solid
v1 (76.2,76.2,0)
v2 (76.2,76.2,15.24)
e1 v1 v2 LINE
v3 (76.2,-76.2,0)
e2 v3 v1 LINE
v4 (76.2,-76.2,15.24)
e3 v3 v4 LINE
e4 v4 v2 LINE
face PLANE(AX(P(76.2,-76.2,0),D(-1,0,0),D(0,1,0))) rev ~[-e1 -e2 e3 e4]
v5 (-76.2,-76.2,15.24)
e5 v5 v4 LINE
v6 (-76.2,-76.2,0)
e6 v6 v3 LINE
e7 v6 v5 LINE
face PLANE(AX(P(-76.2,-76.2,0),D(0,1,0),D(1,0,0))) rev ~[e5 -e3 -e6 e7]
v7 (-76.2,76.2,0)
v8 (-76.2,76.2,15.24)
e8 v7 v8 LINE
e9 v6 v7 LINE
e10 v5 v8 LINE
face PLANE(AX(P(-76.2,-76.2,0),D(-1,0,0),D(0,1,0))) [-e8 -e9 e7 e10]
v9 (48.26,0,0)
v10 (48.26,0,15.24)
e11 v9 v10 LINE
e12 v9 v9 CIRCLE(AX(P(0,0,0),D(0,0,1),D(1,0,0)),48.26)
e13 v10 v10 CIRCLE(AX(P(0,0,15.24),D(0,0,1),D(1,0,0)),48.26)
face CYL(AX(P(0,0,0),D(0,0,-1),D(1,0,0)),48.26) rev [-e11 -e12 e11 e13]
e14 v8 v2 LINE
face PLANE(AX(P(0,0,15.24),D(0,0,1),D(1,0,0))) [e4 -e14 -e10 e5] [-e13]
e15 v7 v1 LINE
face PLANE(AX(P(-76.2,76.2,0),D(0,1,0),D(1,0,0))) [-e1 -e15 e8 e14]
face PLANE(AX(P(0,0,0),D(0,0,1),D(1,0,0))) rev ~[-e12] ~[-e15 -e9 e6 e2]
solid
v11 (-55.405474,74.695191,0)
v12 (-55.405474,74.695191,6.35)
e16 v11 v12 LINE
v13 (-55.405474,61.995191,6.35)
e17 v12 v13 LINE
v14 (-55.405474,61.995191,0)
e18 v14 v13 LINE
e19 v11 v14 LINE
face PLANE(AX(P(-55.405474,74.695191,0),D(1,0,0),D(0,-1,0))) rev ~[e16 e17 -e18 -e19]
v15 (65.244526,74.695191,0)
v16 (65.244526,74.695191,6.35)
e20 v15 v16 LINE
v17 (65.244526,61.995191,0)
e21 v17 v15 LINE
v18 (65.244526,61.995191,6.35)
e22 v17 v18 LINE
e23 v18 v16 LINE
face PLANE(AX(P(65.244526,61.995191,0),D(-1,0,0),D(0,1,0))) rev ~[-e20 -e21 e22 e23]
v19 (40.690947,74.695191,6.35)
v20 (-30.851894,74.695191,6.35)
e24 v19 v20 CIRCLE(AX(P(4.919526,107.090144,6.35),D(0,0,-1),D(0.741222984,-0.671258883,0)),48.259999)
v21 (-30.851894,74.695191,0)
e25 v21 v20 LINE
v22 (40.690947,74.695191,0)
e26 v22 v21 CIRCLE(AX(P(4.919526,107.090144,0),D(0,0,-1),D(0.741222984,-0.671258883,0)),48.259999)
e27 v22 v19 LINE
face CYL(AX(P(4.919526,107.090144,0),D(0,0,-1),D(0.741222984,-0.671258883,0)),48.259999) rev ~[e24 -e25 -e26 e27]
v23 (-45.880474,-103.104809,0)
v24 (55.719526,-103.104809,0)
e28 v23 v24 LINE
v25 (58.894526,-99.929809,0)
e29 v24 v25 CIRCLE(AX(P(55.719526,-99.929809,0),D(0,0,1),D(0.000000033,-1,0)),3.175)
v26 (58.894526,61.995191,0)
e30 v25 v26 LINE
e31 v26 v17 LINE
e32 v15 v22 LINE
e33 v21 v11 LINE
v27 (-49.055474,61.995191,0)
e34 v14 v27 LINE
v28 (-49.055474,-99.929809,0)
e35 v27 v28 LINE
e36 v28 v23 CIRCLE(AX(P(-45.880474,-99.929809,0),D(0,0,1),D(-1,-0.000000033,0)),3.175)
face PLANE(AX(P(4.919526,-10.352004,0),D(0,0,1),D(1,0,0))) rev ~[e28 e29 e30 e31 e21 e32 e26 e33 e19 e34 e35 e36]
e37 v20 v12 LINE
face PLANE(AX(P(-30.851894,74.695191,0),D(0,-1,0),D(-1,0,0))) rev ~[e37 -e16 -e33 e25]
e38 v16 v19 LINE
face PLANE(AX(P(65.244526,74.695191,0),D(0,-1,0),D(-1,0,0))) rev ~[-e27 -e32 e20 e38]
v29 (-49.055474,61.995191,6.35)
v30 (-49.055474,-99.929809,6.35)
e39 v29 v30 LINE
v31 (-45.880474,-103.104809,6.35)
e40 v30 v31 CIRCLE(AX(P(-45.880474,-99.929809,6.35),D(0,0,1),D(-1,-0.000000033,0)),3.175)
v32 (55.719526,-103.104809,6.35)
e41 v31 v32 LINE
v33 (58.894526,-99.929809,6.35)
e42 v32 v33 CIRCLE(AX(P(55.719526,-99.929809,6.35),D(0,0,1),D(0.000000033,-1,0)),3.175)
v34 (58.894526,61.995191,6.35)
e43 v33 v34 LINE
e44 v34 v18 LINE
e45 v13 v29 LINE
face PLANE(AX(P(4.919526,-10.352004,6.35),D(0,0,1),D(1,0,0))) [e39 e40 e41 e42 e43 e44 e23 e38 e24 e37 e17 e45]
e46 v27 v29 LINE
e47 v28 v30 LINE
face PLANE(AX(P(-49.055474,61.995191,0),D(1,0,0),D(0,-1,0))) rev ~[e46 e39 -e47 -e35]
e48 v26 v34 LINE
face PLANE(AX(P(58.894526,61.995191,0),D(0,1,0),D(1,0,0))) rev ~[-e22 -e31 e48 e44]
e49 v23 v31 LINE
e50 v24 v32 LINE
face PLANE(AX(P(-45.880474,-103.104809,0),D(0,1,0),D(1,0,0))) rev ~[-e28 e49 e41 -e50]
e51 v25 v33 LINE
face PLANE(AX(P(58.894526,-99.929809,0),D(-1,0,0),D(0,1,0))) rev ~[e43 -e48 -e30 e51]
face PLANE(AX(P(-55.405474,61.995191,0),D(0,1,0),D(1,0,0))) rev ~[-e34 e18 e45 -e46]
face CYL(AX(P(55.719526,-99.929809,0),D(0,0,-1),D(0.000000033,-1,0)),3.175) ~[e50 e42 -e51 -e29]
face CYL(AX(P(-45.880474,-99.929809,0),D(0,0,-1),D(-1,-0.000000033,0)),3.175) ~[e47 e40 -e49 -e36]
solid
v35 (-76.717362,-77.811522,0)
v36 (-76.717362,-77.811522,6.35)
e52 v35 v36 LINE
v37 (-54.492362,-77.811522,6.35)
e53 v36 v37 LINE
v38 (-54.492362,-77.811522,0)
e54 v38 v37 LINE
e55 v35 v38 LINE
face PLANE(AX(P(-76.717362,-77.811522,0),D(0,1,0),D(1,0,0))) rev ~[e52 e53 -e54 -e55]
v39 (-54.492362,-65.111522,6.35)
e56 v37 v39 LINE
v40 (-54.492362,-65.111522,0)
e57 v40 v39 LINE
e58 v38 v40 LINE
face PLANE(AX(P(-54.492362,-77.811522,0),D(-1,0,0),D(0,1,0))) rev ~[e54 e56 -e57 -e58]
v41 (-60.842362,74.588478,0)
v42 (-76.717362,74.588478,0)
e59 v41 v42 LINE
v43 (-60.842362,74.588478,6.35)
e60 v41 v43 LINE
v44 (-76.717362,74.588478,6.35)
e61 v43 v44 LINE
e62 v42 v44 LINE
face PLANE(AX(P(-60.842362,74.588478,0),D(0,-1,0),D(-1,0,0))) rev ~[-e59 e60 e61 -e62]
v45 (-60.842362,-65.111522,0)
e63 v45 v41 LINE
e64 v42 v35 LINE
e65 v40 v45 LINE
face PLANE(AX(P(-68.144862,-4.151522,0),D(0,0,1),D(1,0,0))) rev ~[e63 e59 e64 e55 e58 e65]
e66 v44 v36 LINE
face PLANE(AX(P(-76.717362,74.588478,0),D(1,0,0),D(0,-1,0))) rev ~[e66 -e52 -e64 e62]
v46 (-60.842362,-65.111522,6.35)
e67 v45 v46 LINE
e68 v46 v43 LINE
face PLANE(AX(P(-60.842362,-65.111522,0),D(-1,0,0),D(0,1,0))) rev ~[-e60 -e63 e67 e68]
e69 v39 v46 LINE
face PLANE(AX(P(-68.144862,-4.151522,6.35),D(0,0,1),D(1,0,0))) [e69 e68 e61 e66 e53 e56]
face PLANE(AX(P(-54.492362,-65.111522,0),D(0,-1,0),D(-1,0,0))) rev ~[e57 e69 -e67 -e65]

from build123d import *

# Parameters (mm, degrees)
F0_W     = 152.4
F0_H     = 152.4
F0_R     = 48.26
F3_DEPTH = 15.24
F4_DEPTH = 6.35
F5_DEPTH = 6.35


with BuildPart() as f3:
    # F0 (on Top) → F3 (new body)
    with BuildSketch(Plane.XY):
        Rectangle(F0_W, F0_H)
        Circle(F0_R, mode=Mode.SUBTRACT)
    extrude(amount=F3_DEPTH)


with BuildPart() as f4:
    # F1 (on Top) → F4 (new body)
    with BuildSketch(Plane.XY):
        with BuildLine():
            Line((-30.851894, 74.695191), (-49.055474, 74.695191))
            Line((-49.055474, 74.695191), (-55.405474, 74.695191))
            Line((-55.405474, 74.695191), (-55.405474, 61.995191))
            Line((-55.405474, 61.995191), (-49.055474, 61.995191))
            Line((-49.055474, 61.995191), (-49.055474, -99.929809))
            ThreePointArc((-49.055474, -99.929809), (-48.125538, -102.174873), (-45.880474, -103.104809))
            Line((-45.880474, -103.104809), (55.719526, -103.104809))
            ThreePointArc((55.719526, -103.104809), (57.96459, -102.174873), (58.894526, -99.929809))
            Line((58.894526, -99.929809), (58.894526, 61.995191))
            Line((58.894526, 61.995191), (65.244526, 61.995191))
            Line((65.244526, 61.995191), (65.244526, 74.695191))
            Line((65.244526, 74.695191), (58.894526, 74.695191))
            Line((58.894526, 74.695191), (40.690947, 74.695191))
            ThreePointArc((40.690947, 74.695191), (4.919526, 58.830145), (-30.851894, 74.695191))
        make_face()
    extrude(amount=F4_DEPTH)


with BuildPart() as f5:
    # F2 (on Top) → F5 (new body)
    with BuildSketch(Plane.XY):
        Polygon((-60.842362, 74.588478), (-76.717362, 74.588478), (-76.717362, -77.811522), (-60.842362, -77.811522), (-54.492362, -77.811522), (-54.492362, -65.111522), (-60.842362, -65.111522), align=None)
    extrude(amount=F5_DEPTH)


solid = Compound([f3.part, f4.part, f5.part])
